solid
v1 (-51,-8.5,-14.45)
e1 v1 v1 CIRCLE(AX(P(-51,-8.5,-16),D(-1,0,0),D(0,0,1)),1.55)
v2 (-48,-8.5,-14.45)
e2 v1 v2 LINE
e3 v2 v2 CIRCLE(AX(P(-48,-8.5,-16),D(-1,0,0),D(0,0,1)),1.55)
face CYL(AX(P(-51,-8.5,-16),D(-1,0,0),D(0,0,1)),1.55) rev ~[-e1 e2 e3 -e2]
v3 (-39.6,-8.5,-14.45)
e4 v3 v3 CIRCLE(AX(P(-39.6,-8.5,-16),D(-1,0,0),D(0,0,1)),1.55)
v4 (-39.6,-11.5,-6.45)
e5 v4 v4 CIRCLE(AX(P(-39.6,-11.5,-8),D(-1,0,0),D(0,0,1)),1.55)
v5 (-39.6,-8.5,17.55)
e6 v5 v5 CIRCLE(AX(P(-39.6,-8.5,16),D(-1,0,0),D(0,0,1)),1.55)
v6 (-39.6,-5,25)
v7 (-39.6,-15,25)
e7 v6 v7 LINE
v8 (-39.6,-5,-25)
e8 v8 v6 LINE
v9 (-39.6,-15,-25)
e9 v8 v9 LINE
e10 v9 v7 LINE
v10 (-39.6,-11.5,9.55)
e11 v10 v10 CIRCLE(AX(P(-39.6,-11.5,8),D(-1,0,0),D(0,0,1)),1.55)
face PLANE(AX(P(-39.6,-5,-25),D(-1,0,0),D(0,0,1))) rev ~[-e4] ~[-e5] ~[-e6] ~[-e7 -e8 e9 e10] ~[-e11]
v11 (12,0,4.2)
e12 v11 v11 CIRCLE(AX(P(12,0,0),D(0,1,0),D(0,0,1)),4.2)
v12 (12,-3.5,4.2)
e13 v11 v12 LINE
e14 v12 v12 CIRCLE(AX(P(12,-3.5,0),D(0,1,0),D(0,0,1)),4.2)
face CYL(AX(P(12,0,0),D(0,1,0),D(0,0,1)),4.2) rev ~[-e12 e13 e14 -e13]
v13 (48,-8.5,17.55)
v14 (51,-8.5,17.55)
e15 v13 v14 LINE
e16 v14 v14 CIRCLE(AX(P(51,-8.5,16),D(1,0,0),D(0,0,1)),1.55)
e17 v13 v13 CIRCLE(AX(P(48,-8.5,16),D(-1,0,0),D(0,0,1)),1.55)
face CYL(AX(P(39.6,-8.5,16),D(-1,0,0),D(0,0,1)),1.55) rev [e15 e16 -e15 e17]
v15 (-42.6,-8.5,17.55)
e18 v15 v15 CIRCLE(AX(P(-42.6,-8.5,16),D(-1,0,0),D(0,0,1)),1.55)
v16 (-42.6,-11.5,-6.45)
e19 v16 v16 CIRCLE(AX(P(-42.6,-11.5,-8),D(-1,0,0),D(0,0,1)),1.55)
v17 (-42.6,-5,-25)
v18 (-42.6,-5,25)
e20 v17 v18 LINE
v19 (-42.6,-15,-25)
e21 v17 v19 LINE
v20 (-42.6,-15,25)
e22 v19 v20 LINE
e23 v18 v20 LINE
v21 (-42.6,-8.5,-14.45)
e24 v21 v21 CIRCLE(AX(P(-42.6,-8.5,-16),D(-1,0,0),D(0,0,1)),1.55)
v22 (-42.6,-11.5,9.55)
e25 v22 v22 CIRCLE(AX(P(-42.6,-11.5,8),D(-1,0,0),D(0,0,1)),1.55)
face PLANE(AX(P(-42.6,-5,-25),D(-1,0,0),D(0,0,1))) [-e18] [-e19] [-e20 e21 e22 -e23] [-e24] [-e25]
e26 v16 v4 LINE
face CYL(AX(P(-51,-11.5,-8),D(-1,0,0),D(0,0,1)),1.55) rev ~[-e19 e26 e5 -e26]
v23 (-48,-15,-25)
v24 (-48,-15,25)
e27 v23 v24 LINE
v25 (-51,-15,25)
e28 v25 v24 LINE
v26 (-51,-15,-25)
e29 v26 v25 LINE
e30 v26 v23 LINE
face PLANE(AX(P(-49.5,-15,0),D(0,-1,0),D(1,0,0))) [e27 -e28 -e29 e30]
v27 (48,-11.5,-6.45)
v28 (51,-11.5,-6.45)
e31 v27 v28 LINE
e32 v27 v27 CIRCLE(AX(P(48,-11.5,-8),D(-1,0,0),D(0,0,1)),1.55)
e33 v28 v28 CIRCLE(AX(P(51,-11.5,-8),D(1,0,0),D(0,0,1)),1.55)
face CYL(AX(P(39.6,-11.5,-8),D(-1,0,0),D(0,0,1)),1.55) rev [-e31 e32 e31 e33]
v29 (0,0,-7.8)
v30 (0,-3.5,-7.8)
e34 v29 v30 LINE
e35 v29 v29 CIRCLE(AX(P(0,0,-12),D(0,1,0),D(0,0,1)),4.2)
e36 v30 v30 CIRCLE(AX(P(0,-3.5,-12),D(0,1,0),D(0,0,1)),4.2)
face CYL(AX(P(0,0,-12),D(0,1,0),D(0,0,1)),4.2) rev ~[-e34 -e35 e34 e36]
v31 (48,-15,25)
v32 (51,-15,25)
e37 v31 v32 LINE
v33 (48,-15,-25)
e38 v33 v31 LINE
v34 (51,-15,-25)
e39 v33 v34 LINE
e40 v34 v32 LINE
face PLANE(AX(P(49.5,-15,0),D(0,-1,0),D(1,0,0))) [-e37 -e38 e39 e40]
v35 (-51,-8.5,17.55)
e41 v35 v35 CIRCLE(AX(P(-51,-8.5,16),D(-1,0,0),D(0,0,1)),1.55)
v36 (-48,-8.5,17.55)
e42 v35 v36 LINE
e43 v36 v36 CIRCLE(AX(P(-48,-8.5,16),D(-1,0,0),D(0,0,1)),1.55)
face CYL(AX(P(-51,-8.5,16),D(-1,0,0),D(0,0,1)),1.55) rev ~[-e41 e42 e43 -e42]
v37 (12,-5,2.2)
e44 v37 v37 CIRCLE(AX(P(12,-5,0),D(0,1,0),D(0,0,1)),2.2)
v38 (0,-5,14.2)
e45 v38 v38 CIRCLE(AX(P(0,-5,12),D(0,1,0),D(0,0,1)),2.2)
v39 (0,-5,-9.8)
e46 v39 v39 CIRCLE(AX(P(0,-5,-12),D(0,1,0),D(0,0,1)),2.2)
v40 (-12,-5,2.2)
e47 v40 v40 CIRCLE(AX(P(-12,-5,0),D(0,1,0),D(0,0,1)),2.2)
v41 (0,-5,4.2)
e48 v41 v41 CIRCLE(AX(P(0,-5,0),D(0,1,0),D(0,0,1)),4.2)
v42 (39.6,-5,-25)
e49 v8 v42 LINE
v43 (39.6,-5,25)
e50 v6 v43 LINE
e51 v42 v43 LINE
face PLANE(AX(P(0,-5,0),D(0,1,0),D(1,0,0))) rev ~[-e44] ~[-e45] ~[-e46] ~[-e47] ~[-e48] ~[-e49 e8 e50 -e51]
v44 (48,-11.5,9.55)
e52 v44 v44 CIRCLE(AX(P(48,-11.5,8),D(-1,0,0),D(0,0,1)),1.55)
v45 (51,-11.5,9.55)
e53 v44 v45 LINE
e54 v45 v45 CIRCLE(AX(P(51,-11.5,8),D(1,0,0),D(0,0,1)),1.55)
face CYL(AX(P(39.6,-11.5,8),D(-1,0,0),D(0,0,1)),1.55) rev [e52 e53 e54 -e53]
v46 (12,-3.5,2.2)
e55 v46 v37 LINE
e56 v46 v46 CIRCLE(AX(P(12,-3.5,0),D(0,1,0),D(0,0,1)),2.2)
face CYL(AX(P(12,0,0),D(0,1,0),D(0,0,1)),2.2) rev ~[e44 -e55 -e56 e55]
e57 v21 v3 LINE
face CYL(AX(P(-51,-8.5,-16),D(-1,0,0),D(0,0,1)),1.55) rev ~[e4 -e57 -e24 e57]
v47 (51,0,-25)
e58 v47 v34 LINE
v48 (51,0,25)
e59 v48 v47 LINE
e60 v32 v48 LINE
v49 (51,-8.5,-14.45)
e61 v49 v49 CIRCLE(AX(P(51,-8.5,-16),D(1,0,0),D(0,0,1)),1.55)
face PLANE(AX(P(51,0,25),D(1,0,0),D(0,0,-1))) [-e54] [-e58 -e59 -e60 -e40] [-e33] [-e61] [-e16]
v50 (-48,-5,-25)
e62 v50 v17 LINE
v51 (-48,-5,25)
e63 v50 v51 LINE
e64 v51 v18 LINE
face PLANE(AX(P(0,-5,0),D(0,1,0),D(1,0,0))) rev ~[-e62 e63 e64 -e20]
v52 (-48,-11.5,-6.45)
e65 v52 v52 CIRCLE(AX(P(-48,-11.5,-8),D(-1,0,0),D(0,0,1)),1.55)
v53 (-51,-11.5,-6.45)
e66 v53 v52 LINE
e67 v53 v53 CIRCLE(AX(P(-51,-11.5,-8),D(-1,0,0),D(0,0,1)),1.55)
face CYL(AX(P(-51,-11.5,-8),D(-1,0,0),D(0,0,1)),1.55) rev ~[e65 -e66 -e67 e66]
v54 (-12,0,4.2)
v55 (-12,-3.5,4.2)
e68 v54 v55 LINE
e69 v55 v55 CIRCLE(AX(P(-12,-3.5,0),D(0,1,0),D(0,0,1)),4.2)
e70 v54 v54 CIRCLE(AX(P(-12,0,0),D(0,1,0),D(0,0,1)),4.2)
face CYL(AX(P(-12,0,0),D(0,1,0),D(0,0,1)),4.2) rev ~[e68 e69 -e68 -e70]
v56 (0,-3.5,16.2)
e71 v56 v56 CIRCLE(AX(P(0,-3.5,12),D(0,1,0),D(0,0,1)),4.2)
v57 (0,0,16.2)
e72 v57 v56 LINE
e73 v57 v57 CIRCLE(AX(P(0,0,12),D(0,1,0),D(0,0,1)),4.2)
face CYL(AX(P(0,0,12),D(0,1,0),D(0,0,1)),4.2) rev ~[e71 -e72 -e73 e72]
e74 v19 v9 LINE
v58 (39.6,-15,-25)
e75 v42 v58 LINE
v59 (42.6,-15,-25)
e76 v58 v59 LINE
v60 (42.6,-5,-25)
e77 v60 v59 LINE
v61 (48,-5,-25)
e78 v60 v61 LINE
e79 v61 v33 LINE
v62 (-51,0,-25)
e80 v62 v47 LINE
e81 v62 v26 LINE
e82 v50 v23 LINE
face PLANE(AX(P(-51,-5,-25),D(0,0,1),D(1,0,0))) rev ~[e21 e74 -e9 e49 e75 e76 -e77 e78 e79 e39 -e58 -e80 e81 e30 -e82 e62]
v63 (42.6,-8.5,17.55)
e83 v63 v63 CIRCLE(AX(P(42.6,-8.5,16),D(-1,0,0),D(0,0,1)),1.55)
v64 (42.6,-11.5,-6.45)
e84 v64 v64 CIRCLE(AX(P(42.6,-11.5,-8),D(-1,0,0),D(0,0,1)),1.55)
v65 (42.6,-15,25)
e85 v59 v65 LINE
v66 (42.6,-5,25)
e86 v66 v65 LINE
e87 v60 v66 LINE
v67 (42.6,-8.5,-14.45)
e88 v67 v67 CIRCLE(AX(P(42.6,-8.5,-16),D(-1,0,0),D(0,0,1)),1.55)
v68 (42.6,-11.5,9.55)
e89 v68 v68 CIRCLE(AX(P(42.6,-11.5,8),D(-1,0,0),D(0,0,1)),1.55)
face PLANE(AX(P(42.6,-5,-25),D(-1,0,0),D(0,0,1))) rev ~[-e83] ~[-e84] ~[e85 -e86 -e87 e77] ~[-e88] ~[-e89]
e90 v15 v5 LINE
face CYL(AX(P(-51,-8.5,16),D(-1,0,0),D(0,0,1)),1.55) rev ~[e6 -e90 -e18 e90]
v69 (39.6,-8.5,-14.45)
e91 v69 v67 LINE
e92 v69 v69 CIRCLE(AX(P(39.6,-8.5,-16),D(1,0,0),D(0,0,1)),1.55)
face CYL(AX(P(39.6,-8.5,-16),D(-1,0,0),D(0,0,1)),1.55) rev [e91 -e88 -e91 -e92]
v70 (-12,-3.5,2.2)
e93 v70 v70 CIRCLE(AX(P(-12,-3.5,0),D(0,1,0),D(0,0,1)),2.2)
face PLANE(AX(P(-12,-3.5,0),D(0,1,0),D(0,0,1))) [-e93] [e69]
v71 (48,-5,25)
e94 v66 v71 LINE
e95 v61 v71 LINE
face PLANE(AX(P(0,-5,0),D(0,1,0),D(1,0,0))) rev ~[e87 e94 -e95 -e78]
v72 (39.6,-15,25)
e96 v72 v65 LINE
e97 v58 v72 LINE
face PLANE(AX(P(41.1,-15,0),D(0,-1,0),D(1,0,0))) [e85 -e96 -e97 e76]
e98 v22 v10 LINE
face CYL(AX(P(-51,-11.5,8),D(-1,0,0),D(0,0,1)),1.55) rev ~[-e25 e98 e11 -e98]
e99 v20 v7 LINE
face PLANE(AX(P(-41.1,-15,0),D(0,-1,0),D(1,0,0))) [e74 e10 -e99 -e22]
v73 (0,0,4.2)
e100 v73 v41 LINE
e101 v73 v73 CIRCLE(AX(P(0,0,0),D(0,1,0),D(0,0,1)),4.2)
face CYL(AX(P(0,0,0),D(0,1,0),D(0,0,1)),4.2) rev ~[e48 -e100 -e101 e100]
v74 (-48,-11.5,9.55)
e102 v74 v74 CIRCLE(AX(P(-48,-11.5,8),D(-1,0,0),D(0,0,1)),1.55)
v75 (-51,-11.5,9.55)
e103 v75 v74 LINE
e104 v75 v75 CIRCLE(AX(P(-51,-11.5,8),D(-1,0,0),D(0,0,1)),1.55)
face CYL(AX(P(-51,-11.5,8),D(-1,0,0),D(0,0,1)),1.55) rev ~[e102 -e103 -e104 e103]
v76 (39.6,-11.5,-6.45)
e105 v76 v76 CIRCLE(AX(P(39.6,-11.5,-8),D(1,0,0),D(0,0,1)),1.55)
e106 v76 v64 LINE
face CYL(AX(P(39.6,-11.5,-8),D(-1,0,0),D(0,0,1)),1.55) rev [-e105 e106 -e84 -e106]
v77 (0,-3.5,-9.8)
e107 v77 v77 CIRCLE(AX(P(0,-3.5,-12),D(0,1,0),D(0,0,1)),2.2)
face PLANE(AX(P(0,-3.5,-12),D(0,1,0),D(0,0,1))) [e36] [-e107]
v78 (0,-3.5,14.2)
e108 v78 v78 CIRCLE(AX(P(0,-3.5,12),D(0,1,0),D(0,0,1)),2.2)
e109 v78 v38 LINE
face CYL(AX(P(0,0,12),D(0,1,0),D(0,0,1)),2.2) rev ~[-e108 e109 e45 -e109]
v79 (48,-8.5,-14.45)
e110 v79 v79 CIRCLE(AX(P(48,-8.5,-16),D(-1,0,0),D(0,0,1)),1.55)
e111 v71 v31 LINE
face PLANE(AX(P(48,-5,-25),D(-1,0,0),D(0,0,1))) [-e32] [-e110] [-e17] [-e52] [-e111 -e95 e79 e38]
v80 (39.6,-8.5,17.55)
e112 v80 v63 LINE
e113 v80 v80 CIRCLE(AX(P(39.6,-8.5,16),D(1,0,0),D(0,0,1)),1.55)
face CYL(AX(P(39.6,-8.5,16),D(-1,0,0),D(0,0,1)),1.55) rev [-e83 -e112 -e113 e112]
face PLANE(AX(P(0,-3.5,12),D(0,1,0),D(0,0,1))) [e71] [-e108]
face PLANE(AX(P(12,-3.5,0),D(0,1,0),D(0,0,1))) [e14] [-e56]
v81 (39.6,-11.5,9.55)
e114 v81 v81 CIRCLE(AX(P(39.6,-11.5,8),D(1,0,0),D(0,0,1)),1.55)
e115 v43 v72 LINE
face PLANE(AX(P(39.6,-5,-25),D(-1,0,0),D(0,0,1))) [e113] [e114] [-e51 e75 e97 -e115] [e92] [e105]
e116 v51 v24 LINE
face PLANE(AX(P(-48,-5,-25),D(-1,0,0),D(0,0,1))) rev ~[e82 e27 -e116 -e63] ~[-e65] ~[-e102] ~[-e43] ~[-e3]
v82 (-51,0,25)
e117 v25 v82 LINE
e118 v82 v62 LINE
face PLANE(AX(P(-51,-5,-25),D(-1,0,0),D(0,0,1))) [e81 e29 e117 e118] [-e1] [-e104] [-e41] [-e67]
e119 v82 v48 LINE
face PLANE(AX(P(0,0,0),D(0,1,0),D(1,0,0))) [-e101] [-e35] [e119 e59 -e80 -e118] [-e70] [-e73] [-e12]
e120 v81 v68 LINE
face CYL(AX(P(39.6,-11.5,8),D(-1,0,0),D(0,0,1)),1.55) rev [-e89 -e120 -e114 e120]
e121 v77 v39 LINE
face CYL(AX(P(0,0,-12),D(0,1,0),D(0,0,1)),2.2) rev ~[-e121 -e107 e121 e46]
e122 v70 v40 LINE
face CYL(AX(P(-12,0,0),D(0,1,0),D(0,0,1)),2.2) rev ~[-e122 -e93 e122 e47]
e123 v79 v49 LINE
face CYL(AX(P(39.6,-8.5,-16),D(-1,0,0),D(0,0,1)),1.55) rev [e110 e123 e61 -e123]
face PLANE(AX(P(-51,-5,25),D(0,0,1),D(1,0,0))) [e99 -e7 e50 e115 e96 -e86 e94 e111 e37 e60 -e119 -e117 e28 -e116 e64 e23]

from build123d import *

# Parameters (mm, degrees)
SKETCH4_W           = 102
SKETCH4_H           = 50
SKETCH4_R           = 4.2
SKETCH4_R_2         = 2.2
BOSS_EXTRUDE3_DEPTH = 5
SKETCH16_W          = 3
SKETCH16_H          = 50
BOSS_EXTRUDE4_DEPTH = 10
CUT_EXTRUDE10_REACH = 108.085
SKETCH17_R          = 1.55
CUT_EXTRUDE11_START = -11.4
SKETCH18_R          = 1.55
CUT_EXTRUDE11_DEPTH = 11.4
SKETCH19_R          = 4.2
CUT_EXTRUDE12_DEPTH = 3.5


with BuildPart() as part:
    # Sketch4 → Boss-Extrude3 (new body)
    with BuildSketch(Plane(origin=(0, 0, 0), x_dir=(1, 0, 0), z_dir=(0, 1, 0))):
        Rectangle(SKETCH4_W, SKETCH4_H)
        with Locations(Location((0, 0, 0), (0, 0, 270))):
            Circle(SKETCH4_R, mode=Mode.SUBTRACT)
        with Locations(Location((0, -12, 0), (0, 0, 270))):
            Circle(SKETCH4_R_2, mode=Mode.SUBTRACT)
        with Locations(Location((-12, 0, 0), (0, 0, 270))):
            Circle(SKETCH4_R_2, mode=Mode.SUBTRACT)
        with Locations(Location((0, 12, 0), (0, 0, 270))):
            Circle(SKETCH4_R_2, mode=Mode.SUBTRACT)
        with Locations(Location((12, 0, 0), (0, 0, 270))):
            Circle(SKETCH4_R_2, mode=Mode.SUBTRACT)
    extrude(amount=-BOSS_EXTRUDE3_DEPTH)

    # Sketch16 → Boss-Extrude4 (add)
    with BuildSketch(Plane.XZ.offset(5)):
        with Locations((-41.1, 0)):
            Rectangle(SKETCH16_W, SKETCH16_H)
        with Locations((-49.5, 0)):
            Rectangle(SKETCH16_W, SKETCH16_H)
        with Locations((41.1, 0)):
            Rectangle(SKETCH16_W, SKETCH16_H)
        with Locations((49.5, 0)):
            Rectangle(SKETCH16_W, SKETCH16_H)
    extrude(amount=BOSS_EXTRUDE4_DEPTH)

    # Cut-Extrude10: up to this face of the body (flat: up to its plane)
    cut_extrude10_end = Plane(part.part.faces().sort_by_distance((-39.6, -10, 0))[0])
    # Sketch17 → Cut-Extrude10 (cut, up to the picked face)
    with BuildSketch(Plane.ZY.offset(51), mode=Mode.PRIVATE) as cut_extrude10_sk1:
        with Locations((-16, -8.5)):
            Circle(SKETCH17_R)
    cut_extrude10_tool1 = split(extrude(cut_extrude10_sk1.sketch, amount=-CUT_EXTRUDE10_REACH, mode=Mode.PRIVATE), bisect_by=cut_extrude10_end, keep=Keep.BOTH, mode=Mode.PRIVATE)
    # Sketch17 → Cut-Extrude10 (cut, up to the picked face)
    with BuildSketch(Plane.ZY.offset(51), mode=Mode.PRIVATE) as cut_extrude10_sk2:
        with Locations((-8, -11.5)):
            Circle(SKETCH17_R)
    cut_extrude10_tool2 = split(extrude(cut_extrude10_sk2.sketch, amount=-CUT_EXTRUDE10_REACH, mode=Mode.PRIVATE), bisect_by=cut_extrude10_end, keep=Keep.BOTH, mode=Mode.PRIVATE)
    # Sketch17 → Cut-Extrude10 (cut, up to the picked face)
    with BuildSketch(Plane.ZY.offset(51), mode=Mode.PRIVATE) as cut_extrude10_sk3:
        with Locations((8, -11.5)):
            Circle(SKETCH17_R)
    cut_extrude10_tool3 = split(extrude(cut_extrude10_sk3.sketch, amount=-CUT_EXTRUDE10_REACH, mode=Mode.PRIVATE), bisect_by=cut_extrude10_end, keep=Keep.BOTH, mode=Mode.PRIVATE)
    # Sketch17 → Cut-Extrude10 (cut, up to the picked face)
    with BuildSketch(Plane.ZY.offset(51), mode=Mode.PRIVATE) as cut_extrude10_sk4:
        with Locations((16, -8.5)):
            Circle(SKETCH17_R)
    cut_extrude10_tool4 = split(extrude(cut_extrude10_sk4.sketch, amount=-CUT_EXTRUDE10_REACH, mode=Mode.PRIVATE), bisect_by=cut_extrude10_end, keep=Keep.BOTH, mode=Mode.PRIVATE)
    add(cut_extrude10_tool1.solids().sort_by(Axis((-51, -8.5, -16), (1, 0, 0)))[0], mode=Mode.SUBTRACT)
    add(cut_extrude10_tool2.solids().sort_by(Axis((-51, -11.5, -8), (1, 0, 0)))[0], mode=Mode.SUBTRACT)
    add(cut_extrude10_tool3.solids().sort_by(Axis((-51, -11.5, 8), (1, 0, 0)))[0], mode=Mode.SUBTRACT)
    add(cut_extrude10_tool4.solids().sort_by(Axis((-51, -8.5, 16), (1, 0, 0)))[0], mode=Mode.SUBTRACT)

    # Sketch18 → Cut-Extrude11 (cut)
    with BuildSketch(Plane(origin=(51, 0, 0), x_dir=(0, 0, -1), z_dir=(1, 0, 0)).offset(CUT_EXTRUDE11_START)):
        with Locations(Location((-8, -11.5, 0), (0, 0, 180))):
            Circle(SKETCH18_R)
        with Locations(Location((8, -11.5, 0), (0, 0, 180))):
            Circle(SKETCH18_R)
        with Locations(Location((16, -8.5, 0), (0, 0, 180))):
            Circle(SKETCH18_R)
        with Locations(Location((-16, -8.5, 0), (0, 0, 180))):
            Circle(SKETCH18_R)
    extrude(amount=CUT_EXTRUDE11_DEPTH, mode=Mode.SUBTRACT)

    # Sketch19 → Cut-Extrude12 (cut)
    with BuildSketch(Plane(origin=(0, 0, 0), x_dir=(1, 0, 0), z_dir=(0, 1, 0))):
        with Locations(Location((0, 12, 0), (0, 0, 270))):
            Circle(SKETCH19_R)
        with Locations(Location((12, 0, 0), (0, 0, 270))):
            Circle(SKETCH19_R)
        with Locations(Location((0, -12, 0), (0, 0, 270))):
            Circle(SKETCH19_R)
        with Locations(Location((-12, 0, 0), (0, 0, 270))):
            Circle(SKETCH19_R)
    extrude(amount=-CUT_EXTRUDE12_DEPTH, mode=Mode.SUBTRACT)


solid = part.part
